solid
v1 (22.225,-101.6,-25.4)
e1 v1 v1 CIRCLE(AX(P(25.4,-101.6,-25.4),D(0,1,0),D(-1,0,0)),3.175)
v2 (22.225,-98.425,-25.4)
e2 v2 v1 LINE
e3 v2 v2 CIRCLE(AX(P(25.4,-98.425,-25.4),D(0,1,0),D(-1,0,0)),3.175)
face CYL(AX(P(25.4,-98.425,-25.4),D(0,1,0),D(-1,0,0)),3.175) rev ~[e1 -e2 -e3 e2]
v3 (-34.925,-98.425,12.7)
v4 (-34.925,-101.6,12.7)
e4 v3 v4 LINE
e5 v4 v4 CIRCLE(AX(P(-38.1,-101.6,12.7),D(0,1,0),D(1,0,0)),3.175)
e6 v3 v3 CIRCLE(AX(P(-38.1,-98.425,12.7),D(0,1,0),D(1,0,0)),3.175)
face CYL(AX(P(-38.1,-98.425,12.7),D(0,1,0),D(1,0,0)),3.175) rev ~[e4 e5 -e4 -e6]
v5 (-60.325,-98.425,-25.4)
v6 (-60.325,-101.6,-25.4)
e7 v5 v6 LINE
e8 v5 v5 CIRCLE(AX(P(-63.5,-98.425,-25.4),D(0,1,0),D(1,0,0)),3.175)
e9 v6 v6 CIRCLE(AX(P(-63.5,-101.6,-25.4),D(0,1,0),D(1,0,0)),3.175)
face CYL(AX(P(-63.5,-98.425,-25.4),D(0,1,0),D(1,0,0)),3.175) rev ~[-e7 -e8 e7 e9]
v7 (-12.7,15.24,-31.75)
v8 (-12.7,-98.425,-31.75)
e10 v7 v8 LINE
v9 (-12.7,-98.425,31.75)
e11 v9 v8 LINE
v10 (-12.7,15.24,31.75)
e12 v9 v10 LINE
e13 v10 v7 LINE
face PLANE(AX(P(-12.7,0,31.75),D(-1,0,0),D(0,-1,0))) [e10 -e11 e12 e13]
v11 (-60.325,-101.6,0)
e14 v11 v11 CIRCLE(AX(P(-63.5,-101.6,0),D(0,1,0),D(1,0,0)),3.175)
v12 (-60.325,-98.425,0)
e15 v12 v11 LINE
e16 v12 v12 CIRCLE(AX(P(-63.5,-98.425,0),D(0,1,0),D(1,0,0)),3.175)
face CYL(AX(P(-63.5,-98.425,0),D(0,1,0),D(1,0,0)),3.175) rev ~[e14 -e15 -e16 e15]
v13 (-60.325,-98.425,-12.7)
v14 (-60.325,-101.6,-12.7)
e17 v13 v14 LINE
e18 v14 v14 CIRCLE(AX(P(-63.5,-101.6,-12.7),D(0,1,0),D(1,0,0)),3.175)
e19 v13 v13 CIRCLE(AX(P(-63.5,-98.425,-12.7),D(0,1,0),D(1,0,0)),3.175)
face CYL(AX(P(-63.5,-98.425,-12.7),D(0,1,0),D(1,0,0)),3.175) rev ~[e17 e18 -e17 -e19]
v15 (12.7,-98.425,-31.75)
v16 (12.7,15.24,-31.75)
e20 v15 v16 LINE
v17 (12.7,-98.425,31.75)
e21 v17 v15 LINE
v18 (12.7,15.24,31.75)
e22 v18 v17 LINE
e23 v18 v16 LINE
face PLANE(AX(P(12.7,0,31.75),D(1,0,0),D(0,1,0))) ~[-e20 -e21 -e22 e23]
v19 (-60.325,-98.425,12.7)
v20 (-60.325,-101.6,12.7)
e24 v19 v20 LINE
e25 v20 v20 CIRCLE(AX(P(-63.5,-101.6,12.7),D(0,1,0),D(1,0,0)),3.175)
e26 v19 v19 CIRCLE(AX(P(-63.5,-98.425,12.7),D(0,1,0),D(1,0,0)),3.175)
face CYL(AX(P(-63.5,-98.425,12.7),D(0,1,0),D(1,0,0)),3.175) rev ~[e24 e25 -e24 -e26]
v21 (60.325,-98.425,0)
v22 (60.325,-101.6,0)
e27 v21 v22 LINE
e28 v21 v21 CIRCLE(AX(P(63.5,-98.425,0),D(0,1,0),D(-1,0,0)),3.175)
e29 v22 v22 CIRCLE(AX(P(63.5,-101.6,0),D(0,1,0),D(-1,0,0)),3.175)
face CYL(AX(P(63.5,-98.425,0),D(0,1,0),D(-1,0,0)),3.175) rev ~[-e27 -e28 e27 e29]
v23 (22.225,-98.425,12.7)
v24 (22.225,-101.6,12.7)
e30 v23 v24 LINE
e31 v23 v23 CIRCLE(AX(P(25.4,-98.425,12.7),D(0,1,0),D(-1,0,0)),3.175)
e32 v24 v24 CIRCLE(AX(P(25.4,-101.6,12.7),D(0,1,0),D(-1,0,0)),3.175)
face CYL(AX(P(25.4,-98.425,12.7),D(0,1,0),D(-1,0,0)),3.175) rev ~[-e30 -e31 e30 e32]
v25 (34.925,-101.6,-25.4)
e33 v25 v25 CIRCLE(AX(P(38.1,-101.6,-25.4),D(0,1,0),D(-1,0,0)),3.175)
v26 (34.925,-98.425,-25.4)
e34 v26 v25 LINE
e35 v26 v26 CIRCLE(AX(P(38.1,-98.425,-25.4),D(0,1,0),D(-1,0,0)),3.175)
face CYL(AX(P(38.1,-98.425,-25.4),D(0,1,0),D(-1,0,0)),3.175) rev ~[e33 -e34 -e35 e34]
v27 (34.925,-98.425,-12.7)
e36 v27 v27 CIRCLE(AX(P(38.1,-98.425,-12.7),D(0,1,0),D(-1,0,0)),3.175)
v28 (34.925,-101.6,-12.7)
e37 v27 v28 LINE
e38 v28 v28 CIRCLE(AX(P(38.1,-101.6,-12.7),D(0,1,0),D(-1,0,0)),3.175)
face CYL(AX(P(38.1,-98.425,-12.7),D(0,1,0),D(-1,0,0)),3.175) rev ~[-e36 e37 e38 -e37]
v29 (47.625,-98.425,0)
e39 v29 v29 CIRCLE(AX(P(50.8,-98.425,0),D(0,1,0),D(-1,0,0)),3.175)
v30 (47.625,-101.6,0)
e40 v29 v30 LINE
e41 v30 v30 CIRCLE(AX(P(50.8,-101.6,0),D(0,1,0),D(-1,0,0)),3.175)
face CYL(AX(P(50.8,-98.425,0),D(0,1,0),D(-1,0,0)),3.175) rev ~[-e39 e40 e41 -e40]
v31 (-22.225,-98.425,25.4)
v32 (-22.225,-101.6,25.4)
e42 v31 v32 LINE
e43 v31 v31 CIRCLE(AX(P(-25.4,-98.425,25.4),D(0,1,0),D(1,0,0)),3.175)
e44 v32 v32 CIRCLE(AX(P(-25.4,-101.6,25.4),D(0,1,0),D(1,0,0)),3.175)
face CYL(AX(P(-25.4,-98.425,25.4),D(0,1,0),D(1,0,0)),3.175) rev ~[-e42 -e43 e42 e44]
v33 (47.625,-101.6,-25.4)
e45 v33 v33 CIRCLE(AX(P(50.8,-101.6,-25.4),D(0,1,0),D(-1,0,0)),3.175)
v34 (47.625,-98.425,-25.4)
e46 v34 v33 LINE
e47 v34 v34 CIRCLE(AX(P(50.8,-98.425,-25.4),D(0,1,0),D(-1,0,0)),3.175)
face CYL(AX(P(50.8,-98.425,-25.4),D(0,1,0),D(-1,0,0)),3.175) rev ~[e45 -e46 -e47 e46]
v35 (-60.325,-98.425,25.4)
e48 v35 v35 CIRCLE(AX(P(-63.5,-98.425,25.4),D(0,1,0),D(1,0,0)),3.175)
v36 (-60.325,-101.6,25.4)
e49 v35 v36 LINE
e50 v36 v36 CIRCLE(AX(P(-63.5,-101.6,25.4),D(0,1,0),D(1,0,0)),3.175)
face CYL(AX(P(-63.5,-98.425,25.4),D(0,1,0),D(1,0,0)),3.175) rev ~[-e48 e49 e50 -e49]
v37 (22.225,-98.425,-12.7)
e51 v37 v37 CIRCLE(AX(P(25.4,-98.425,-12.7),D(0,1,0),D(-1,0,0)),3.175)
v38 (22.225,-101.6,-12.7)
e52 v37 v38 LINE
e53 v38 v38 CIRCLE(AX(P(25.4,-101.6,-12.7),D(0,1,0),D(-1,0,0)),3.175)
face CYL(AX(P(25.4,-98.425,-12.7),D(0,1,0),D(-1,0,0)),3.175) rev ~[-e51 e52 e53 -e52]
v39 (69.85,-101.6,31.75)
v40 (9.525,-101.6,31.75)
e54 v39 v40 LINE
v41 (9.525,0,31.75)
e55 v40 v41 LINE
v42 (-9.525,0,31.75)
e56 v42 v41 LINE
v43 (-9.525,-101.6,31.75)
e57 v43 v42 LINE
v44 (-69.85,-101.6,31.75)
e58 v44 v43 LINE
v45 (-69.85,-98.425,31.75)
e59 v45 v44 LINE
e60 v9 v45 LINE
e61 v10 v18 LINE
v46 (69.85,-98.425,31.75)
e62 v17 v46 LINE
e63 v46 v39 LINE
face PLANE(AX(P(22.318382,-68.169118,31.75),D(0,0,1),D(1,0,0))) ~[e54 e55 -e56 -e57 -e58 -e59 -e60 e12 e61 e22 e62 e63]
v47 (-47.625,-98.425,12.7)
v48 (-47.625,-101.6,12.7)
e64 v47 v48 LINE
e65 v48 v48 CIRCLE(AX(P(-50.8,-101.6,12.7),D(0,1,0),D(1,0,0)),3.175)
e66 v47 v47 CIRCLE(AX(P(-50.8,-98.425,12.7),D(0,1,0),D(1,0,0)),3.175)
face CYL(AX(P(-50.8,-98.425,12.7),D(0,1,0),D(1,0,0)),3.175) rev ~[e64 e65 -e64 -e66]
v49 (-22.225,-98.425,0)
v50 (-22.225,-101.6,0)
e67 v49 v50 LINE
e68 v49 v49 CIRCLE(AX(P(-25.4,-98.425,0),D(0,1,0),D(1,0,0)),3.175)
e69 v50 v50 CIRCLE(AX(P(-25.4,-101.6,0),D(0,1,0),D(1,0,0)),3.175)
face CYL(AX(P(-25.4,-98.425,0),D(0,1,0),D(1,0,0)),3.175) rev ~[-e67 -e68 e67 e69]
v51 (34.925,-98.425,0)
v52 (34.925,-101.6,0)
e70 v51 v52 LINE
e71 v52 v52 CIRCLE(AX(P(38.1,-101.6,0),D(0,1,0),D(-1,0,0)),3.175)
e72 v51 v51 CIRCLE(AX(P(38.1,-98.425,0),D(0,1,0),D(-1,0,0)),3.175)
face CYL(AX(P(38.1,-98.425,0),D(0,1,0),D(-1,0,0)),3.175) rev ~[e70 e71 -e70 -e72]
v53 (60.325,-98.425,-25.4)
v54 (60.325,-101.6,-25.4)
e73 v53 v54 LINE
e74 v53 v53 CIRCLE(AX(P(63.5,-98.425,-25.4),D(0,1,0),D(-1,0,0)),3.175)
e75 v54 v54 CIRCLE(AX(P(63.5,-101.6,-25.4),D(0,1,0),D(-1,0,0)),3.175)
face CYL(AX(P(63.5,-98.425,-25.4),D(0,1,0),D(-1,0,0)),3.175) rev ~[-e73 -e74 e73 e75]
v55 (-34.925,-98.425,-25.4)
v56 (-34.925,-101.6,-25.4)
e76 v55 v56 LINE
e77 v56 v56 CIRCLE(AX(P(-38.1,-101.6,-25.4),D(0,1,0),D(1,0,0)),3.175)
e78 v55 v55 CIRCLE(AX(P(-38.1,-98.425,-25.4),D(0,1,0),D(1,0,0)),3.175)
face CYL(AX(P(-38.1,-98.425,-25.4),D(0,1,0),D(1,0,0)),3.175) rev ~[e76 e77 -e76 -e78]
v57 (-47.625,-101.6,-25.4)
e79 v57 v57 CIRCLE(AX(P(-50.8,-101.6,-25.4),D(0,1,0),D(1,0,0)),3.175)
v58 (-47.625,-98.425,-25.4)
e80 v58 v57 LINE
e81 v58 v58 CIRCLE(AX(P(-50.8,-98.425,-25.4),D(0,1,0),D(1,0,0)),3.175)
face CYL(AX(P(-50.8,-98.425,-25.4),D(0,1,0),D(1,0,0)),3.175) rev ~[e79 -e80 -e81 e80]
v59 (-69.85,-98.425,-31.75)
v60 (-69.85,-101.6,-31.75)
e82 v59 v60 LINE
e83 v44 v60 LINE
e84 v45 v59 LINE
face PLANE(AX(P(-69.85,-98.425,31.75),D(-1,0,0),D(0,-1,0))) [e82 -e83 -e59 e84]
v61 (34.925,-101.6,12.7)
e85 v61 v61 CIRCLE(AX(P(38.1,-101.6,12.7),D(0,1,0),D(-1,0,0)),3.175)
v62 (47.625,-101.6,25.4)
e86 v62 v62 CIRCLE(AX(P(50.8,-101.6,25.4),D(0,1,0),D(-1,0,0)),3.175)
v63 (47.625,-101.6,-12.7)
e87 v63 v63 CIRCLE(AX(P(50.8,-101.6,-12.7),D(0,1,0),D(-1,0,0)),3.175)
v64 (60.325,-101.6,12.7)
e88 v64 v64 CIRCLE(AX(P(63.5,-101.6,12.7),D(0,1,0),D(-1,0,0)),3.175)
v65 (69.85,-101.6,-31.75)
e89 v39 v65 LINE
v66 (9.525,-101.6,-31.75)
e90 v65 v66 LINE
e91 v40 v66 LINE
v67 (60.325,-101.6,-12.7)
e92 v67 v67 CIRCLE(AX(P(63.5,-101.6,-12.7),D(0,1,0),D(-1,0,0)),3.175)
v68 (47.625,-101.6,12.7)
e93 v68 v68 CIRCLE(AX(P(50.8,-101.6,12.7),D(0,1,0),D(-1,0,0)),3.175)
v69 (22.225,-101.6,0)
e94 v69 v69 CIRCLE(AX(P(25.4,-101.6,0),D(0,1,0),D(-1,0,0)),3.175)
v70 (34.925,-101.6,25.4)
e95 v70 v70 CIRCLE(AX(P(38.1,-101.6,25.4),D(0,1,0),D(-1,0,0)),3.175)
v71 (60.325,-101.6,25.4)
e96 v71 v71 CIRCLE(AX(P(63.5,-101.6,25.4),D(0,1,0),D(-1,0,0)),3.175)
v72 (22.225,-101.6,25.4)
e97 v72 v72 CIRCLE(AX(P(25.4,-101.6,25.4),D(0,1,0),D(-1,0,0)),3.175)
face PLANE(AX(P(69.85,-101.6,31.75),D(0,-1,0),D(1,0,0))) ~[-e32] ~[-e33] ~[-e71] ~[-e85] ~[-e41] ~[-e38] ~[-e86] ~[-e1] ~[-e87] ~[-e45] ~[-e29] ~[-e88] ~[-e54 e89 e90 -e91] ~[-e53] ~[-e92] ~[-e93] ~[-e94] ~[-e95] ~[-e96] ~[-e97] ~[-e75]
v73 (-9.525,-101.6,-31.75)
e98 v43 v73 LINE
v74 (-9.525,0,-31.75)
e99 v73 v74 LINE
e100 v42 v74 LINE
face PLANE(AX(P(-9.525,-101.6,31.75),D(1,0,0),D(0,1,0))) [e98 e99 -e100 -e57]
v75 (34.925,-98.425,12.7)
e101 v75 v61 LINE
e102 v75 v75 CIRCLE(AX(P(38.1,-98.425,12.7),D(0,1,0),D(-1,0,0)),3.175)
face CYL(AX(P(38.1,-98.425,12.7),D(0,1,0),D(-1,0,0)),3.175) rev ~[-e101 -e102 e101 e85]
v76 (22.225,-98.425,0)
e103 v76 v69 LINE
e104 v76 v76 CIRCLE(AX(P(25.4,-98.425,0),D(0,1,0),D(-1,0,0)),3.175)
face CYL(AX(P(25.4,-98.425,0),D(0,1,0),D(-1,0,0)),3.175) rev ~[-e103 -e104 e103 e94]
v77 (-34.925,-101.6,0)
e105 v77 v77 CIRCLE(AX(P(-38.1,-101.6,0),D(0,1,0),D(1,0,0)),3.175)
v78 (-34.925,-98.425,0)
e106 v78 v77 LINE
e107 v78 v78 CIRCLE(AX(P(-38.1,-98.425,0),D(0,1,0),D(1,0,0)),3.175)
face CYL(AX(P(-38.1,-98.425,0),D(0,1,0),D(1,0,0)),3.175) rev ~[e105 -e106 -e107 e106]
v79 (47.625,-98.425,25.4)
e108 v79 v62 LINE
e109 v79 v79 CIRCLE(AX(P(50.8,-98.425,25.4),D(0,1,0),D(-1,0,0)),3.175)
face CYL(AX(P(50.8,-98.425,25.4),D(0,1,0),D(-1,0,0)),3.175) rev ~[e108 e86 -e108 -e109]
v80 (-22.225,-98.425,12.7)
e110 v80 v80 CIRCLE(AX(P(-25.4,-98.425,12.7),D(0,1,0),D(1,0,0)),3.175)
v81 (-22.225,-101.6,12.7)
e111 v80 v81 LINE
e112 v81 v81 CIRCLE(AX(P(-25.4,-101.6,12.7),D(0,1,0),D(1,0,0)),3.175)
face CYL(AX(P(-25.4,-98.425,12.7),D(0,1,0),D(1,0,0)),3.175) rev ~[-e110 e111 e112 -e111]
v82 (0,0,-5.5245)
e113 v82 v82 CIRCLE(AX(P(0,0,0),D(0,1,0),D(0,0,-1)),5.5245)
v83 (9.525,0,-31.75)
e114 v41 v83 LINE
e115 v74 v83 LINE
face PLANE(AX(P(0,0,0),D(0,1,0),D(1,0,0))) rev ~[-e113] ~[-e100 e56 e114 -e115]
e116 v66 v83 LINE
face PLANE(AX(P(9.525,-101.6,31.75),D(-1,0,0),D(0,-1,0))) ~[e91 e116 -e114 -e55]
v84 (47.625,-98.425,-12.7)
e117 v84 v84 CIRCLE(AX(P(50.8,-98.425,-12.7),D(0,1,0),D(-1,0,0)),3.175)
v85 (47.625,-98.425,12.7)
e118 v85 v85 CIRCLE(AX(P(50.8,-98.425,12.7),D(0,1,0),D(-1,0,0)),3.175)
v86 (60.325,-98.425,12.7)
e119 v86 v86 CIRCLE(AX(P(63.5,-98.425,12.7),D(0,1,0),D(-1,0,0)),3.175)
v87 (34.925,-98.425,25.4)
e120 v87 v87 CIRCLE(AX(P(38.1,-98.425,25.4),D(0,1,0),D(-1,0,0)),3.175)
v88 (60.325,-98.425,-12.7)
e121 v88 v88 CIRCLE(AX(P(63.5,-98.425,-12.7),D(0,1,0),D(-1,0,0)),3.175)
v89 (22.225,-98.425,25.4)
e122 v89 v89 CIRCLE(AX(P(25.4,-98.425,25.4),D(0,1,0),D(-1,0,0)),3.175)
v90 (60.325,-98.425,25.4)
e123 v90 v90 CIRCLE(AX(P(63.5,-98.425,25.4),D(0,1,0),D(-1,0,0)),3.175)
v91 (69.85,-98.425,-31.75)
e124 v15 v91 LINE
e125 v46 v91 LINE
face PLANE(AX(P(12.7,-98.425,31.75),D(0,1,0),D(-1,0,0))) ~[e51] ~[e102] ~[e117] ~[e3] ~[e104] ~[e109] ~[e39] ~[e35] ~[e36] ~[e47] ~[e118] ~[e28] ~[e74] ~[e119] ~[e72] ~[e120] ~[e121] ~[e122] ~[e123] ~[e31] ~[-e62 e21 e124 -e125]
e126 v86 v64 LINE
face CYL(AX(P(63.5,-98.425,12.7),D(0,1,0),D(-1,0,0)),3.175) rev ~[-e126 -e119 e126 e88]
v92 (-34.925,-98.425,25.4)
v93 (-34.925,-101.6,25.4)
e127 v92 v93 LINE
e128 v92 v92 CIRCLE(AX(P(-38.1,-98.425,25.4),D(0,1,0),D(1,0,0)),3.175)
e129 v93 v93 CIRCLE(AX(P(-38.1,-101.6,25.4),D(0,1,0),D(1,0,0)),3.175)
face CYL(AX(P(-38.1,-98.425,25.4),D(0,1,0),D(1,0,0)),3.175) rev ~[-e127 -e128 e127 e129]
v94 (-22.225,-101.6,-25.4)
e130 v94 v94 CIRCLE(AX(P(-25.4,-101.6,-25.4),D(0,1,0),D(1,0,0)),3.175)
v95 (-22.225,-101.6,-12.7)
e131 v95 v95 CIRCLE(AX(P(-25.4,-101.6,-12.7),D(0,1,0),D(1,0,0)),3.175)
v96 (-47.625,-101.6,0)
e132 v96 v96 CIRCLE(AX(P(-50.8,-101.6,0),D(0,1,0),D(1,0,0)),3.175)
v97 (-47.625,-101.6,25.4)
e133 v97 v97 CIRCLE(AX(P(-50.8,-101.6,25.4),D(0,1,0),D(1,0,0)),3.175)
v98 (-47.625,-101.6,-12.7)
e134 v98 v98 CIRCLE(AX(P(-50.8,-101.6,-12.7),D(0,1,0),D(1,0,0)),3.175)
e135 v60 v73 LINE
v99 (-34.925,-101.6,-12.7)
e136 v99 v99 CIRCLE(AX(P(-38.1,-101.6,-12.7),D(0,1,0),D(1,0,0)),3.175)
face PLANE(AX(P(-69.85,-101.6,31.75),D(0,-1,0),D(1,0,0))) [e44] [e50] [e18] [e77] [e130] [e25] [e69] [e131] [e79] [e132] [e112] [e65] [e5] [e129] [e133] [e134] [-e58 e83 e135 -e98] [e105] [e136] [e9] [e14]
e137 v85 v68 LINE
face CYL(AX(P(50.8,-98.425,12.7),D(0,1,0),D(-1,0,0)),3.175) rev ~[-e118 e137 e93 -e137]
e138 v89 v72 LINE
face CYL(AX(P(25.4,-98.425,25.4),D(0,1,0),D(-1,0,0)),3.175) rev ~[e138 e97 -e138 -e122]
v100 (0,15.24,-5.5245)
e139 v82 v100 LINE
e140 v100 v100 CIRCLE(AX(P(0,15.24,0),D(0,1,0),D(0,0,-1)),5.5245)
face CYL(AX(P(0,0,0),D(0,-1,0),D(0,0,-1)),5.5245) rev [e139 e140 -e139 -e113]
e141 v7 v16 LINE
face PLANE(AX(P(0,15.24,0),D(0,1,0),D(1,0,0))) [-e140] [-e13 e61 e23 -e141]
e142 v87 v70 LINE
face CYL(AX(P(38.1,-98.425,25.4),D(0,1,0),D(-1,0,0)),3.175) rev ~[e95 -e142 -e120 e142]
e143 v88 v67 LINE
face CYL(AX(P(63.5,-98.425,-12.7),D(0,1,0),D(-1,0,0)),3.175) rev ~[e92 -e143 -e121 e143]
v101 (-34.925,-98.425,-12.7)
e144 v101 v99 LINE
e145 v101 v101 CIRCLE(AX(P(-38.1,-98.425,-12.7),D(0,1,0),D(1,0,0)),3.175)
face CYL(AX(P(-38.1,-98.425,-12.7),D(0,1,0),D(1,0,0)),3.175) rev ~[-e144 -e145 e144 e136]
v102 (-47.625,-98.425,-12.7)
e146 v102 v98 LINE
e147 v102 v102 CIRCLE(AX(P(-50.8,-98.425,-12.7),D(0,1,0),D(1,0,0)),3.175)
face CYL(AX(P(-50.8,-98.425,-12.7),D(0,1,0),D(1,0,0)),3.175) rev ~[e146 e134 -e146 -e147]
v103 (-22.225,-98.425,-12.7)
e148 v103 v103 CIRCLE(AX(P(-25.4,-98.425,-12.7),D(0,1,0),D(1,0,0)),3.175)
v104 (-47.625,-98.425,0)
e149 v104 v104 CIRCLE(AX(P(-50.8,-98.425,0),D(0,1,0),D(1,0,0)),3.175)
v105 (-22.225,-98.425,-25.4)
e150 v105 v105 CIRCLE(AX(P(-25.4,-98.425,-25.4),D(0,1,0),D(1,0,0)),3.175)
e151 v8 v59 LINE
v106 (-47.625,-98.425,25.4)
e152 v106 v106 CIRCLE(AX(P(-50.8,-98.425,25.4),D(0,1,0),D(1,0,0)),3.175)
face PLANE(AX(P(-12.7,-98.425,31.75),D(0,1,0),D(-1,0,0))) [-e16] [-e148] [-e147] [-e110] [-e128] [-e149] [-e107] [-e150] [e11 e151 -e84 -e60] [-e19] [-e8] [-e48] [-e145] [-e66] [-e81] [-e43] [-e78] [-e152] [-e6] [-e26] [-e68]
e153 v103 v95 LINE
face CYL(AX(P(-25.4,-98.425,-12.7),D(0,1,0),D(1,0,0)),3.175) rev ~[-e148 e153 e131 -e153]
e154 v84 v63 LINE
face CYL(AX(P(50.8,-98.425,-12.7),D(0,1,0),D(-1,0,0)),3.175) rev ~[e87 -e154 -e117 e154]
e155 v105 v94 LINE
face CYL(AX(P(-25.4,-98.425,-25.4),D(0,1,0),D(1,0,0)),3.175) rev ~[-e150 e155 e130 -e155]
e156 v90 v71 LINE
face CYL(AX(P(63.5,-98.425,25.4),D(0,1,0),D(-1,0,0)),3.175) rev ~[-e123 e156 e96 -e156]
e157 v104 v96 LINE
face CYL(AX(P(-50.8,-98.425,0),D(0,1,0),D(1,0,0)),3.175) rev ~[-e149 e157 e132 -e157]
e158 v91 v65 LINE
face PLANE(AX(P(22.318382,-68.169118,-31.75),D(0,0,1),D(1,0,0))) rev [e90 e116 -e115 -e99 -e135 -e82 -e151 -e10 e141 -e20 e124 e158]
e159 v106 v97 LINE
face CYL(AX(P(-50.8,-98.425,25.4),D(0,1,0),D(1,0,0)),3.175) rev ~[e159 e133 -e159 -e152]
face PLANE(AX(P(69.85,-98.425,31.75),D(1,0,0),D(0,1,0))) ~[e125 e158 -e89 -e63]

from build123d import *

# Parameters (mm, degrees)
SKETCH1_W           = 25.4
SKETCH1_H           = 63.5
SKETCH1_R           = 5.5245
BOSS_EXTRUDE1_DEPTH = 15.24
BOSS_EXTRUDE2_DEPTH = 63.5
SKETCH5_R           = 3.175
CUT_EXTRUDE3_DEPTH  = 138.137949616


with BuildPart() as part:
    # Sketch1 → Boss-Extrude1 (new body)
    with BuildSketch(Plane(origin=(0, 0, 0), x_dir=(1, 0, 0), z_dir=(0, 1, 0))):
        Rectangle(SKETCH1_W, SKETCH1_H)
        with Locations(Location((0, 0, 0), (0, 0, 90))):
            Circle(SKETCH1_R, mode=Mode.SUBTRACT)
    extrude(amount=BOSS_EXTRUDE1_DEPTH)

    # Sketch2 → Boss-Extrude2 (add)
    with BuildSketch(Plane.XY.offset(31.75)):
        Polygon((-9.525, 0), (-12.7, 0), (-12.7, -98.425), (-69.85, -98.425), (-69.85, -101.6), (-38.1, -101.6), (-9.525, -101.6), align=None)
    boss_extrude2 = extrude(amount=-BOSS_EXTRUDE2_DEPTH)

    # Mirror1: Boss-Extrude2 across plane
    add(boss_extrude2.mirror(Plane(origin=(0, 0, 0), x_dir=(0, 0, 1), z_dir=(1, 0, 0))))

    # Sketch5 → Cut-Extrude3 (cut, through all)
    with BuildSketch(Plane(origin=(0, -98.425, 0), x_dir=(1, 0, 0), z_dir=(0, 1, 0))):
        with Locations(Location((63.5, -25.4, 0), (0, 0, 180))):
            Circle(SKETCH5_R)
        with Locations(Location((50.8, -25.4, 0), (0, 0, 180))):
            Circle(SKETCH5_R)
        with Locations(Location((38.1, -25.4, 0), (0, 0, 180))):
            Circle(SKETCH5_R)
        with Locations(Location((25.4, -25.4, 0), (0, 0, 180))):
            Circle(SKETCH5_R)
        with Locations(Location((50.8, -12.7, 0), (0, 0, 180))):
            Circle(SKETCH5_R)
        with Locations(Location((38.1, -12.7, 0), (0, 0, 180))):
            Circle(SKETCH5_R)
        with Locations(Location((25.4, -12.7, 0), (0, 0, 180))):
            Circle(SKETCH5_R)
        with Locations(Location((50.8, 0, 0), (0, 0, 180))):
            Circle(SKETCH5_R)
        with Locations(Location((38.1, 0, 0), (0, 0, 180))):
            Circle(SKETCH5_R)
        with Locations(Location((25.4, 0, 0), (0, 0, 180))):
            Circle(SKETCH5_R)
        with Locations(Location((50.8, 12.7, 0), (0, 0, 180))):
            Circle(SKETCH5_R)
        with Locations(Location((38.1, 12.7, 0), (0, 0, 180))):
            Circle(SKETCH5_R)
        with Locations(Location((25.4, 12.7, 0), (0, 0, 180))):
            Circle(SKETCH5_R)
        with Locations(Location((50.8, 25.4, 0), (0, 0, 180))):
            Circle(SKETCH5_R)
        with Locations(Location((38.1, 25.4, 0), (0, 0, 180))):
            Circle(SKETCH5_R)
        with Locations(Location((25.4, 25.4, 0), (0, 0, 180))):
            Circle(SKETCH5_R)
        with Locations(Location((63.5, -12.7, 0), (0, 0, 180))):
            Circle(SKETCH5_R)
        with Locations(Location((63.5, 0, 0), (0, 0, 180))):
            Circle(SKETCH5_R)
        with Locations(Location((63.5, 12.7, 0), (0, 0, 180))):
            Circle(SKETCH5_R)
        with Locations(Location((63.5, 25.4, 0), (0, 0, 180))):
            Circle(SKETCH5_R)
        with Locations((-63.5, 25.4)):
            Circle(SKETCH5_R)
        with Locations((-63.5, 12.7)):
            Circle(SKETCH5_R)
        with Locations((-63.5, 0)):
            Circle(SKETCH5_R)
        with Locations((-63.5, -12.7)):
            Circle(SKETCH5_R)
        with Locations((-25.4, 25.4)):
            Circle(SKETCH5_R)
        with Locations((-38.1, 25.4)):
            Circle(SKETCH5_R)
        with Locations((-50.8, 25.4)):
            Circle(SKETCH5_R)
        with Locations((-25.4, 12.7)):
            Circle(SKETCH5_R)
        with Locations((-38.1, 12.7)):
            Circle(SKETCH5_R)
        with Locations((-50.8, 12.7)):
            Circle(SKETCH5_R)
        with Locations((-25.4, 0)):
            Circle(SKETCH5_R)
        with Locations((-38.1, 0)):
            Circle(SKETCH5_R)
        with Locations((-50.8, 0)):
            Circle(SKETCH5_R)
        with Locations((-25.4, -12.7)):
            Circle(SKETCH5_R)
        with Locations((-38.1, -12.7)):
            Circle(SKETCH5_R)
        with Locations((-50.8, -12.7)):
            Circle(SKETCH5_R)
        with Locations((-25.4, -25.4)):
            Circle(SKETCH5_R)
        with Locations((-38.1, -25.4)):
            Circle(SKETCH5_R)
        with Locations((-50.8, -25.4)):
            Circle(SKETCH5_R)
        with Locations((-63.5, -25.4)):
            Circle(SKETCH5_R)
    extrude(amount=-CUT_EXTRUDE3_DEPTH, mode=Mode.SUBTRACT)


solid = part.part
